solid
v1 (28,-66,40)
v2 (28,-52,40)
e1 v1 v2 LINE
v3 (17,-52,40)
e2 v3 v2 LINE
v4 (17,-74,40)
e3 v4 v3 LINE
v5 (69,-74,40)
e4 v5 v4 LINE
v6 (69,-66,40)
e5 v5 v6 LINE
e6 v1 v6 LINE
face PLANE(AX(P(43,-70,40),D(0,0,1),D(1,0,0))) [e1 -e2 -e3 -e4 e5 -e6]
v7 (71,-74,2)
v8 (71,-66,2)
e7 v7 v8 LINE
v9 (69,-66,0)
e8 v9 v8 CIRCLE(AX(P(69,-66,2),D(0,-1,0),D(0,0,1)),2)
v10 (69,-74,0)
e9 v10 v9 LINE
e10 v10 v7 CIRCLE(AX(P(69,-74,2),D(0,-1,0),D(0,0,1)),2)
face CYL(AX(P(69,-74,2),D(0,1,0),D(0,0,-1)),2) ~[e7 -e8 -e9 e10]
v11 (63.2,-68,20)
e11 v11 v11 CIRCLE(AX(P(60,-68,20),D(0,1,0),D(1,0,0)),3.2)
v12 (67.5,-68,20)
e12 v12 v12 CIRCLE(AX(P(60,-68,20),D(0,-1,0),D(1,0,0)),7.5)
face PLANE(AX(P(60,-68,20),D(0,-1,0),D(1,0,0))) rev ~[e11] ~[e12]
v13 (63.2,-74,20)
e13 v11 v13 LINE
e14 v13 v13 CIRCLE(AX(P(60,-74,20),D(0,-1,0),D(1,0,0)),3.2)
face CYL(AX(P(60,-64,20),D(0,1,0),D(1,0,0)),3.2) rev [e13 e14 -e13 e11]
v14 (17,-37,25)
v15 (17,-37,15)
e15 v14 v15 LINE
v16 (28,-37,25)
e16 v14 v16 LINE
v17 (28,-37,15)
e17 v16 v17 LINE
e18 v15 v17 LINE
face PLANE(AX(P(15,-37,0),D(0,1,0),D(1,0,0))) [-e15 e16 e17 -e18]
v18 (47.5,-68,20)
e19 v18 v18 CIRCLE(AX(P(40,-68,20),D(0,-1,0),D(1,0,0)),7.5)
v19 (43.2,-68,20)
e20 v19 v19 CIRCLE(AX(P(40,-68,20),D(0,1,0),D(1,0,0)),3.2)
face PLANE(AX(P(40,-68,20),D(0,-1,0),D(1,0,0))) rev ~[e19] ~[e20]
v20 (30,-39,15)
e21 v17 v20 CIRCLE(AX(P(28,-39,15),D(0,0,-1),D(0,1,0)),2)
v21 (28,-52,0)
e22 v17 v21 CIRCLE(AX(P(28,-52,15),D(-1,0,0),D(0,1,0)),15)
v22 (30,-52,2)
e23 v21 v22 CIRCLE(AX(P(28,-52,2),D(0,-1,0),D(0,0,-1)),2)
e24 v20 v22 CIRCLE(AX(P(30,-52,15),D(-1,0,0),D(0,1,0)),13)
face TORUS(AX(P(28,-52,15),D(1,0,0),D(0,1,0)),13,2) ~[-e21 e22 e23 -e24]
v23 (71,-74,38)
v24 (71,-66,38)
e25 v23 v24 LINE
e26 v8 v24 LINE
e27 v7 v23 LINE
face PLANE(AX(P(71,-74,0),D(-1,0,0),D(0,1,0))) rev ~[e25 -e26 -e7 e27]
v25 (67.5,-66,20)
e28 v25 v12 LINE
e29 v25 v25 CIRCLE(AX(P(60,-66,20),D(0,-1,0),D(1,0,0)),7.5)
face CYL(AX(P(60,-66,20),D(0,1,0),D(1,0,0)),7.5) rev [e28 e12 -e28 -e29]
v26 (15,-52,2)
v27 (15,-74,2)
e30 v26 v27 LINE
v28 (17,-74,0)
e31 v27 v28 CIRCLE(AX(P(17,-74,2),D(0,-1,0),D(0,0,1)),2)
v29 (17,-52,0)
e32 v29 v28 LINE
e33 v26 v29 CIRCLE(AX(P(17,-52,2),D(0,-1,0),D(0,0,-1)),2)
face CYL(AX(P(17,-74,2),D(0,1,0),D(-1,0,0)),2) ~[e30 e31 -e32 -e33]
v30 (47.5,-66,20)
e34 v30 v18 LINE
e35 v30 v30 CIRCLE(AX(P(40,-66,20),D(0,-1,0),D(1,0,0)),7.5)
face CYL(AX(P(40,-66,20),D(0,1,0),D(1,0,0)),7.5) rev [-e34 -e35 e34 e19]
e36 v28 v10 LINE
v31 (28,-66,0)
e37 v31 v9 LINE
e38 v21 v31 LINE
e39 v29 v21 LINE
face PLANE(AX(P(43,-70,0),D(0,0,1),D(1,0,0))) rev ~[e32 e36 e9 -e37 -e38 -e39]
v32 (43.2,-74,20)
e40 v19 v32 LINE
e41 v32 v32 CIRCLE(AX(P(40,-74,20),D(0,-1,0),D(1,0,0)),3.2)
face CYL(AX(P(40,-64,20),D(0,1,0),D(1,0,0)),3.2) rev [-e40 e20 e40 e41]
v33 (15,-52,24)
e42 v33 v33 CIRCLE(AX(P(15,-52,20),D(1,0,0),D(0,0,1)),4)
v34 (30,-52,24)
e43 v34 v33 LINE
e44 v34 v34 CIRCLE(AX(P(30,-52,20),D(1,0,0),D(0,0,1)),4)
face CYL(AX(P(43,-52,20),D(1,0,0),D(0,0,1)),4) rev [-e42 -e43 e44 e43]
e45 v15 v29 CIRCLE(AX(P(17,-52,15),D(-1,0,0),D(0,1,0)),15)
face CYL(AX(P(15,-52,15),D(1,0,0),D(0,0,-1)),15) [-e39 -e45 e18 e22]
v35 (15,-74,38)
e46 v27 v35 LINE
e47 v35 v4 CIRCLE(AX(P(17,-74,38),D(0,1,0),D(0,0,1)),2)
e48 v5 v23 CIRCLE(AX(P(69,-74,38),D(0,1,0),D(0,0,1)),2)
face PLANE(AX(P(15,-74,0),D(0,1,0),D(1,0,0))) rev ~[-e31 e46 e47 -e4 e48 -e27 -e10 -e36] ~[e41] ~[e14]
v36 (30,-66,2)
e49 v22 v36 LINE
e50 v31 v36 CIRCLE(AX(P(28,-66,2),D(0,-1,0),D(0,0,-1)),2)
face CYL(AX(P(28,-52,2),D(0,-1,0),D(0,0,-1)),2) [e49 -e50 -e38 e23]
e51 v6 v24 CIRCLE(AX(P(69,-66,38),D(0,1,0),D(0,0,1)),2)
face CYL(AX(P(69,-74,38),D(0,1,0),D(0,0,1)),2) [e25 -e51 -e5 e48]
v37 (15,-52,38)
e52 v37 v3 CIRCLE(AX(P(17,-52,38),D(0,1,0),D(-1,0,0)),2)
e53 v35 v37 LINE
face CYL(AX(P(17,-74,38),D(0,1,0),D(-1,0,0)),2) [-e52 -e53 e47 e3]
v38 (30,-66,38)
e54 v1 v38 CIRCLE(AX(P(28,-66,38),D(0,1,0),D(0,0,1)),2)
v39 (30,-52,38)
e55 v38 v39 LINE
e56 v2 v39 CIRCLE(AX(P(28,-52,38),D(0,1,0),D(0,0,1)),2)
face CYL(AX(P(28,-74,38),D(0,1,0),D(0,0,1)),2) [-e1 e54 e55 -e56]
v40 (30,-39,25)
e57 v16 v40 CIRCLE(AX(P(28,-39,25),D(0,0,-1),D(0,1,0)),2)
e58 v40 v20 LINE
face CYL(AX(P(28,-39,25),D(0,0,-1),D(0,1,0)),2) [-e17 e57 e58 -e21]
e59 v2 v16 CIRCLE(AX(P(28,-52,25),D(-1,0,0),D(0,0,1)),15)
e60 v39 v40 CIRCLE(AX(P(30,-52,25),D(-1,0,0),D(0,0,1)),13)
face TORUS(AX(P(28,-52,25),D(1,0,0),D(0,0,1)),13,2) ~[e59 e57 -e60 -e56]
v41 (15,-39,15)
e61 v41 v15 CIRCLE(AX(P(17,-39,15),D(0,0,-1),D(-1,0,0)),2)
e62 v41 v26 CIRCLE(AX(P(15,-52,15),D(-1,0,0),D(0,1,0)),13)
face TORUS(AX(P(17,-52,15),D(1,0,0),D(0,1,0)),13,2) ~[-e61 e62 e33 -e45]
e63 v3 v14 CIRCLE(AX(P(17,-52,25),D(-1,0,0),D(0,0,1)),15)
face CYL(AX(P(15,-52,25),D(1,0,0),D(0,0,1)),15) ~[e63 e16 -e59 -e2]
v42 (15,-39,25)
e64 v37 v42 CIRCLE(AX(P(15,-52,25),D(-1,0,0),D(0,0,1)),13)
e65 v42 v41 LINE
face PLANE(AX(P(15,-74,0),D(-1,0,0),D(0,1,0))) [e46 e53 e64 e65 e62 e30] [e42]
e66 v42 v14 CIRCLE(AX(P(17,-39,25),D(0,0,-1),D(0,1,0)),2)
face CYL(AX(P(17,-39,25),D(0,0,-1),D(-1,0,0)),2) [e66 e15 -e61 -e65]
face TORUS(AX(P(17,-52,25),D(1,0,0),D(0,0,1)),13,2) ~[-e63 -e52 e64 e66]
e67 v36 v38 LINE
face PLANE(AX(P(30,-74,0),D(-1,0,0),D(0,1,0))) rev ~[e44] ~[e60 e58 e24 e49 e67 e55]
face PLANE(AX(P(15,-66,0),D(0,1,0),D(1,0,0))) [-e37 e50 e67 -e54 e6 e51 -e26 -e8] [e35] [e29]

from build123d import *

# Parameters (mm, degrees)
CYLINDER005_R     = 4
CYLINDER005_DEPTH = 81
BOX010_W          = 15
BOX010_H          = 37
BOX010_DEPTH      = 40
FILLET012008_R    = 15
FILLET012010_R    = 2
CYLINDER009_R     = 3.2
CYLINDER009_DEPTH = 10
CYLINDER014_R     = 3.2
CYLINDER014_DEPTH = 10
CYLINDER013_R     = 7.5
CYLINDER013_DEPTH = 2
CYLINDER012_R     = 7.5
CYLINDER012_DEPTH = 2
BOX012_W          = 56
BOX012_H          = 8
BOX012_DEPTH      = 40
FILLET012009_R    = 2


with BuildPart() as cylinder005:
    # Cylinder005 → Cylinder005 (new body)
    with BuildSketch(Plane(origin=(43, -52, 20), x_dir=(0, 0, 1), z_dir=(-1, 0, 0))):
        Circle(CYLINDER005_R)
    extrude(amount=CYLINDER005_DEPTH)


with BuildPart() as fillet012010:
    # Box010 → Box010 (new body)
    with BuildSketch(Plane(origin=(15, -74, 0), x_dir=(1, 0, 0), z_dir=(0, 0, 1))):
        with Locations((7.5, 18.5)):
            Rectangle(BOX010_W, BOX010_H)
    extrude(amount=BOX010_DEPTH)

    # Cut021: cut Cylinder005
    add(cylinder005.part, mode=Mode.SUBTRACT)

    # Fillet012008
    fillet012008_edges = [fillet012010.edges().sort_by_distance(p)[0] for p in [
        (22.5, -37, 40),
        (22.5, -37, 0),
    ]]
    fillet(fillet012008_edges, radius=FILLET012008_R)

    # Fillet012010
    fillet012010_edges = [fillet012010.edges().sort_by_distance(p)[0] for p in [
        (15, -63, 40),
        (15, -41.393398, 35.606602),
        (15, -37, 20),
        (15, -63, 0),
        (15, -41.393398, 4.393398),
        (30, -63, 40),
        (30, -41.393398, 35.606602),
        (30, -37, 20),
        (30, -63, 0),
        (30, -41.393398, 4.393398),
    ]]
    fillet(fillet012010_edges, radius=FILLET012010_R)


with BuildPart() as cylinder009:
    # Cylinder009 → Cylinder009 (new body)
    with BuildSketch(Plane(origin=(40, -64, 20), x_dir=(1, 0, 0), z_dir=(0, -1, 0))):
        Circle(CYLINDER009_R)
    extrude(amount=CYLINDER009_DEPTH)


with BuildPart() as cylinder014:
    # Cylinder014 → Cylinder014 (new body)
    with BuildSketch(Plane(origin=(60, -64, 20), x_dir=(1, 0, 0), z_dir=(0, -1, 0))):
        Circle(CYLINDER014_R)
    extrude(amount=CYLINDER014_DEPTH)


with BuildPart() as cylinder013:
    # Cylinder013 → Cylinder013 (new body)
    with BuildSketch(Plane(origin=(60, -66, 20), x_dir=(1, 0, 0), z_dir=(0, -1, 0))):
        Circle(CYLINDER013_R)
    extrude(amount=CYLINDER013_DEPTH)


with BuildPart() as fusion008:
    # Cylinder012 → Cylinder012 (new body)
    with BuildSketch(Plane(origin=(40, -66, 20), x_dir=(1, 0, 0), z_dir=(0, -1, 0))):
        Circle(CYLINDER012_R)
    extrude(amount=CYLINDER012_DEPTH)

    # Fusion008: union Cylinder009, Cylinder014, Cylinder013
    add(cylinder009.part)
    add(cylinder014.part)
    add(cylinder013.part)


with BuildPart() as fusion009:
    # Box012 → Box012 (new body)
    with BuildSketch(Plane(origin=(15, -74, 0), x_dir=(1, 0, 0), z_dir=(0, 0, 1))):
        with Locations((28, 4)):
            Rectangle(BOX012_W, BOX012_H)
    extrude(amount=BOX012_DEPTH)

    # Cut020: cut Fusion008
    add(fusion008.part, mode=Mode.SUBTRACT)

    # Fillet012009
    fillet012009_edges = [fusion009.edges().sort_by_distance(p)[0] for p in [
        (15, -70, 40),
        (15, -70, 0),
        (71, -70, 40),
        (71, -70, 0),
    ]]
    fillet(fillet012009_edges, radius=FILLET012009_R)

    # Fusion009: union Fillet012010
    add(fillet012010.part)


solid = fusion009.part
